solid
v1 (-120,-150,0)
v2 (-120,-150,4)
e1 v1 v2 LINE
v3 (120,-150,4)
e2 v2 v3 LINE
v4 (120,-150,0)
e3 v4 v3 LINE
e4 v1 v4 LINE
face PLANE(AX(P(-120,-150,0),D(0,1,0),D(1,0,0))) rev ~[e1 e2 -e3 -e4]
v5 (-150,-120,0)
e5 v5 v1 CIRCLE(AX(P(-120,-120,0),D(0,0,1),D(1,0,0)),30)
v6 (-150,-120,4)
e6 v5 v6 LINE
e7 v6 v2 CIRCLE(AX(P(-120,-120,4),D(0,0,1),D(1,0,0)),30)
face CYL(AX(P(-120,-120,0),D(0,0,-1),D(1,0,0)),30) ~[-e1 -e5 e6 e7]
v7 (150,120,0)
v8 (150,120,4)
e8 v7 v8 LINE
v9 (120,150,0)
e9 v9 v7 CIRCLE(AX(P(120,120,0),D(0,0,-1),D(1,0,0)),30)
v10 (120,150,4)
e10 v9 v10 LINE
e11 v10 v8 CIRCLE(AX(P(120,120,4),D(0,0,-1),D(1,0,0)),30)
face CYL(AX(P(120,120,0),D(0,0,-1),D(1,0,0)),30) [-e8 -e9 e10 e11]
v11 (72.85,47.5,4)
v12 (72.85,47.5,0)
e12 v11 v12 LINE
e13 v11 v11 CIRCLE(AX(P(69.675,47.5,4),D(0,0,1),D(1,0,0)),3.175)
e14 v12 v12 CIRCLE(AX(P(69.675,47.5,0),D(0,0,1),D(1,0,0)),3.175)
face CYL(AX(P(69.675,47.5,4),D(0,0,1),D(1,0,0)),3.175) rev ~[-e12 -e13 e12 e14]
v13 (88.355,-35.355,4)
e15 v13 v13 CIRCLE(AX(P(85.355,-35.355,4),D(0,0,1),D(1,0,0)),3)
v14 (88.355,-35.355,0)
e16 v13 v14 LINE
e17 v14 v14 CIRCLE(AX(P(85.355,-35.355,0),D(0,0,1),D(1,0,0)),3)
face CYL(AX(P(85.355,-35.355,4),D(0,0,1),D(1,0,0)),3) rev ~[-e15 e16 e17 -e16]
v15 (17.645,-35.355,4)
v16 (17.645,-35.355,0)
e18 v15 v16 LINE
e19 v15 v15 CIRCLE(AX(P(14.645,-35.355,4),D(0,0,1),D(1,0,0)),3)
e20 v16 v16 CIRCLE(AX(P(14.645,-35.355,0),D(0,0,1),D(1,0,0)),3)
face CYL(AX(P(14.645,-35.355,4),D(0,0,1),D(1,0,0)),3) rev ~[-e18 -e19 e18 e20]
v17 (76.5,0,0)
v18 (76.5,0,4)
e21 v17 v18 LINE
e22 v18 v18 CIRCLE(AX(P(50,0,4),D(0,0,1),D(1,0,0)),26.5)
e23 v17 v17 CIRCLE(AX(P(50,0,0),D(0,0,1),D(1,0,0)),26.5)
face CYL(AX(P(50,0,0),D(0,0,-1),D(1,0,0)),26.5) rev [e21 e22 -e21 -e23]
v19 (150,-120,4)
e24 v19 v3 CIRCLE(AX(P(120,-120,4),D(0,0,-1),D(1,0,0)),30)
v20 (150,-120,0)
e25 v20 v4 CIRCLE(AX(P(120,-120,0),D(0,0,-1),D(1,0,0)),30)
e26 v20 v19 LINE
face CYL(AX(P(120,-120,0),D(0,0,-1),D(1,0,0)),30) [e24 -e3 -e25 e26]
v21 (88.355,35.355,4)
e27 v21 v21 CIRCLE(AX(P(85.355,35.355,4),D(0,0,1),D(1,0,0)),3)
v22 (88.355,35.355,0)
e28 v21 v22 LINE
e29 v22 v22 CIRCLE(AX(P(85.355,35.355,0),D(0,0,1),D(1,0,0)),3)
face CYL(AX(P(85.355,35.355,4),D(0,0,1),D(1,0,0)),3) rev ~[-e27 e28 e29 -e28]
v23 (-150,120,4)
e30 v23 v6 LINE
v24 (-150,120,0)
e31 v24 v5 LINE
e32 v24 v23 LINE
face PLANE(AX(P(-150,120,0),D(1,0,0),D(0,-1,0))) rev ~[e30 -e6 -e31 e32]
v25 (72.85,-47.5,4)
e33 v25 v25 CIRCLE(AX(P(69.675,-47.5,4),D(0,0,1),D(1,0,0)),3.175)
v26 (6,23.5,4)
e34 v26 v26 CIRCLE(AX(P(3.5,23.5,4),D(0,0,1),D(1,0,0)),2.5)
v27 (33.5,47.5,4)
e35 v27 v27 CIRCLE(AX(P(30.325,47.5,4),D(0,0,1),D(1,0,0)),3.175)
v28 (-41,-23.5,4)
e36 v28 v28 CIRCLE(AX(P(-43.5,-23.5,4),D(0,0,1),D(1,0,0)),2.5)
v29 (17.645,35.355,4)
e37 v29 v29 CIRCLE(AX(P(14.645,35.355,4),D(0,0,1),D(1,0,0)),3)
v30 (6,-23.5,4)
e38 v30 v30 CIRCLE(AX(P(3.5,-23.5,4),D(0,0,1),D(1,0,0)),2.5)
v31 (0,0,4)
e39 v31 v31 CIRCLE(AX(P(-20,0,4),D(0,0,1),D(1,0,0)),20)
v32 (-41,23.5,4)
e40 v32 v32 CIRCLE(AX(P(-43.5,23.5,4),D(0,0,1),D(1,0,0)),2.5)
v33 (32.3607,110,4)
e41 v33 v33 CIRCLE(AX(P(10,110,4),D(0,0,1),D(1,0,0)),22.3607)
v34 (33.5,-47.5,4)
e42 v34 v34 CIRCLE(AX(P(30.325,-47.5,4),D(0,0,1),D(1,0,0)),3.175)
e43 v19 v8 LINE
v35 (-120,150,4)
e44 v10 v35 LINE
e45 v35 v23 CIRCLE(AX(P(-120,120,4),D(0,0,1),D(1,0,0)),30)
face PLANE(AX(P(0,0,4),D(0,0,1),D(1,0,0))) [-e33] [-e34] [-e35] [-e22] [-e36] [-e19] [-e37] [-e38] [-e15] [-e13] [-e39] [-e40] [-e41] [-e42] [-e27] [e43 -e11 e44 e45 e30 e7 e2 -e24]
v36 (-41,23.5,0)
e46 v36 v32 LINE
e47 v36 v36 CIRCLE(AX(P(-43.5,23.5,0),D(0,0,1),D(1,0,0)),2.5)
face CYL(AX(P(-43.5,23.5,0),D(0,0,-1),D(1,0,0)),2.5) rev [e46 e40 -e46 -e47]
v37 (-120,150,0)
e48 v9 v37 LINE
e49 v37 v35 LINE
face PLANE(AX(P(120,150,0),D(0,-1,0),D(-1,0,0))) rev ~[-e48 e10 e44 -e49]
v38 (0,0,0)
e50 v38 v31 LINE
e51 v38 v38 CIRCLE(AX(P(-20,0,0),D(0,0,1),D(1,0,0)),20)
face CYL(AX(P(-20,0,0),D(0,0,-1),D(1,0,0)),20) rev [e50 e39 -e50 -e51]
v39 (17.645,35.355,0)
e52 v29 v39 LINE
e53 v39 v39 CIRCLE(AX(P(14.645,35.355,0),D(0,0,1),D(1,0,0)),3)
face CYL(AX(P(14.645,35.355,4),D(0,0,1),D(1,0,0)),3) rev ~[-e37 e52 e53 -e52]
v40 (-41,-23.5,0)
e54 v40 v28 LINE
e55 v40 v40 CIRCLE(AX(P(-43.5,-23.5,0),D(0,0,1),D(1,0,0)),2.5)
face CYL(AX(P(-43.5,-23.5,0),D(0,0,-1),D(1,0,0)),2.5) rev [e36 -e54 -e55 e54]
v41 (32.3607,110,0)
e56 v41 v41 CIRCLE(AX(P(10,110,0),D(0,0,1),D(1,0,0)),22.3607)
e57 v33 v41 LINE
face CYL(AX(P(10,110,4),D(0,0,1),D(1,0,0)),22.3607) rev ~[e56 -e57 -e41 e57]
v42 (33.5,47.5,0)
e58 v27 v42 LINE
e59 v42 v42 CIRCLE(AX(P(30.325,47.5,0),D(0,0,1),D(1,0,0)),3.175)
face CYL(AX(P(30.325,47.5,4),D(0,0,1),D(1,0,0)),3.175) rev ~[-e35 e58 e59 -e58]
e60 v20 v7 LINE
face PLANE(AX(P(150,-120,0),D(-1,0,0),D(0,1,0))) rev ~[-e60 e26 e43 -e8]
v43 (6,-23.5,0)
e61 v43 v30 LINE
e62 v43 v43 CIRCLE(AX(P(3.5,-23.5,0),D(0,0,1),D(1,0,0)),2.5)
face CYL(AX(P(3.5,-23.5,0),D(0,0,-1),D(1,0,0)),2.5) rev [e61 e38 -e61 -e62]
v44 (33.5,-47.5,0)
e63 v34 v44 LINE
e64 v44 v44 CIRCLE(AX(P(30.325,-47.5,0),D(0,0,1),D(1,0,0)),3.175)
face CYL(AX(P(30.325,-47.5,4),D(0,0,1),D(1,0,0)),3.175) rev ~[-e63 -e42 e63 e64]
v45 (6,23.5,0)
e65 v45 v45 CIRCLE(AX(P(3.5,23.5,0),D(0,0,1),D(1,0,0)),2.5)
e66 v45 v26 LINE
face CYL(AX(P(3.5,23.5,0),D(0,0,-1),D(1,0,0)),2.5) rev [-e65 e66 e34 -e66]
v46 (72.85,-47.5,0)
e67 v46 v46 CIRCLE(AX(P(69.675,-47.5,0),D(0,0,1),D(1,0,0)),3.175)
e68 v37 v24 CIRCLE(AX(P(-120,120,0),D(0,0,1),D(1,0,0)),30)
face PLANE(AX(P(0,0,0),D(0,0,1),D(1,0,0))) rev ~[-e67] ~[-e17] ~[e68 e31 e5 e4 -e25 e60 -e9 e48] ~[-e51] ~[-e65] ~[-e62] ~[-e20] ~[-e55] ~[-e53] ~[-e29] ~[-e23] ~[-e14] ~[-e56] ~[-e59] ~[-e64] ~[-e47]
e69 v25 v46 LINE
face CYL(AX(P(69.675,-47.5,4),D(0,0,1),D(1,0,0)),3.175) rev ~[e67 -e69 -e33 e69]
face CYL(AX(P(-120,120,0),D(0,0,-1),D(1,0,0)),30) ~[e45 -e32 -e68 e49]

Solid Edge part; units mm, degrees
sketch "Sketch1" plane through (0, 0, 0) normal (0, 0, 1) x (1, 0, 0)
  line L0 (-120, -150) -> (120, -150)
  arc A0 (150, -120) -> (120, -150) centre (120, -120) cw
  line L1 (150, -120) -> (150, 120)
  arc A1 (120, 150) -> (150, 120) centre (120, 120) cw
  line L2 (120, 150) -> (-120, 150)
  arc A2 (-120, 150) -> (-150, 120) centre (-120, 120) ccw
  line L3 (-150, 120) -> (-150, -120)
  arc A3 (-150, -120) -> (-120, -150) centre (-120, -120) ccw
  circle A4 centre (50, 0) radius 26.5
  circle A5 centre (-20, 0) radius 20
  circle A6 centre (3.5, 23.5) radius 2.5
  circle A7 centre (-43.5, 23.5) radius 2.5
  circle A8 centre (-43.5, -23.5) radius 2.5
  circle A9 centre (3.5, -23.5) radius 2.5
extrude "Protrusion1" add sketch "Sketch1" along normal blind 4
sketch "Sketch2" plane through (0, 0, 4) normal (0, 0, 1) x (1, 0, 0)
  circle A0 centre (14.645, -35.355) radius 3
  circle A1 centre (85.355, -35.355) radius 3
  circle A2 centre (85.355, 35.355) radius 3
  circle A3 centre (14.645, 35.355) radius 3
extrude "ExtrudedCutout_1" cut sketch "Sketch2" against normal blind 10
sketch "Sketch3" plane through (0, 0, 4) normal (0, 0, 1) x (1, 0, 0)
  circle A0 centre (30.325, 47.5) radius 3.175
  circle A1 centre (69.675, 47.5) radius 3.175
  circle A2 centre (69.675, -47.5) radius 3.175
  circle A3 centre (30.325, -47.5) radius 3.175
extrude "Cutout1" cut sketch "Sketch3" against normal blind 88
sketch "Sketch4" plane through (0, 0, 4) normal (0, 0, 1) x (1, 0, 0)
  circle A0 centre (10, 110) radius 22.3607
extrude "ExtrudedCutout_3" cut sketch "Sketch4" against normal blind 150
